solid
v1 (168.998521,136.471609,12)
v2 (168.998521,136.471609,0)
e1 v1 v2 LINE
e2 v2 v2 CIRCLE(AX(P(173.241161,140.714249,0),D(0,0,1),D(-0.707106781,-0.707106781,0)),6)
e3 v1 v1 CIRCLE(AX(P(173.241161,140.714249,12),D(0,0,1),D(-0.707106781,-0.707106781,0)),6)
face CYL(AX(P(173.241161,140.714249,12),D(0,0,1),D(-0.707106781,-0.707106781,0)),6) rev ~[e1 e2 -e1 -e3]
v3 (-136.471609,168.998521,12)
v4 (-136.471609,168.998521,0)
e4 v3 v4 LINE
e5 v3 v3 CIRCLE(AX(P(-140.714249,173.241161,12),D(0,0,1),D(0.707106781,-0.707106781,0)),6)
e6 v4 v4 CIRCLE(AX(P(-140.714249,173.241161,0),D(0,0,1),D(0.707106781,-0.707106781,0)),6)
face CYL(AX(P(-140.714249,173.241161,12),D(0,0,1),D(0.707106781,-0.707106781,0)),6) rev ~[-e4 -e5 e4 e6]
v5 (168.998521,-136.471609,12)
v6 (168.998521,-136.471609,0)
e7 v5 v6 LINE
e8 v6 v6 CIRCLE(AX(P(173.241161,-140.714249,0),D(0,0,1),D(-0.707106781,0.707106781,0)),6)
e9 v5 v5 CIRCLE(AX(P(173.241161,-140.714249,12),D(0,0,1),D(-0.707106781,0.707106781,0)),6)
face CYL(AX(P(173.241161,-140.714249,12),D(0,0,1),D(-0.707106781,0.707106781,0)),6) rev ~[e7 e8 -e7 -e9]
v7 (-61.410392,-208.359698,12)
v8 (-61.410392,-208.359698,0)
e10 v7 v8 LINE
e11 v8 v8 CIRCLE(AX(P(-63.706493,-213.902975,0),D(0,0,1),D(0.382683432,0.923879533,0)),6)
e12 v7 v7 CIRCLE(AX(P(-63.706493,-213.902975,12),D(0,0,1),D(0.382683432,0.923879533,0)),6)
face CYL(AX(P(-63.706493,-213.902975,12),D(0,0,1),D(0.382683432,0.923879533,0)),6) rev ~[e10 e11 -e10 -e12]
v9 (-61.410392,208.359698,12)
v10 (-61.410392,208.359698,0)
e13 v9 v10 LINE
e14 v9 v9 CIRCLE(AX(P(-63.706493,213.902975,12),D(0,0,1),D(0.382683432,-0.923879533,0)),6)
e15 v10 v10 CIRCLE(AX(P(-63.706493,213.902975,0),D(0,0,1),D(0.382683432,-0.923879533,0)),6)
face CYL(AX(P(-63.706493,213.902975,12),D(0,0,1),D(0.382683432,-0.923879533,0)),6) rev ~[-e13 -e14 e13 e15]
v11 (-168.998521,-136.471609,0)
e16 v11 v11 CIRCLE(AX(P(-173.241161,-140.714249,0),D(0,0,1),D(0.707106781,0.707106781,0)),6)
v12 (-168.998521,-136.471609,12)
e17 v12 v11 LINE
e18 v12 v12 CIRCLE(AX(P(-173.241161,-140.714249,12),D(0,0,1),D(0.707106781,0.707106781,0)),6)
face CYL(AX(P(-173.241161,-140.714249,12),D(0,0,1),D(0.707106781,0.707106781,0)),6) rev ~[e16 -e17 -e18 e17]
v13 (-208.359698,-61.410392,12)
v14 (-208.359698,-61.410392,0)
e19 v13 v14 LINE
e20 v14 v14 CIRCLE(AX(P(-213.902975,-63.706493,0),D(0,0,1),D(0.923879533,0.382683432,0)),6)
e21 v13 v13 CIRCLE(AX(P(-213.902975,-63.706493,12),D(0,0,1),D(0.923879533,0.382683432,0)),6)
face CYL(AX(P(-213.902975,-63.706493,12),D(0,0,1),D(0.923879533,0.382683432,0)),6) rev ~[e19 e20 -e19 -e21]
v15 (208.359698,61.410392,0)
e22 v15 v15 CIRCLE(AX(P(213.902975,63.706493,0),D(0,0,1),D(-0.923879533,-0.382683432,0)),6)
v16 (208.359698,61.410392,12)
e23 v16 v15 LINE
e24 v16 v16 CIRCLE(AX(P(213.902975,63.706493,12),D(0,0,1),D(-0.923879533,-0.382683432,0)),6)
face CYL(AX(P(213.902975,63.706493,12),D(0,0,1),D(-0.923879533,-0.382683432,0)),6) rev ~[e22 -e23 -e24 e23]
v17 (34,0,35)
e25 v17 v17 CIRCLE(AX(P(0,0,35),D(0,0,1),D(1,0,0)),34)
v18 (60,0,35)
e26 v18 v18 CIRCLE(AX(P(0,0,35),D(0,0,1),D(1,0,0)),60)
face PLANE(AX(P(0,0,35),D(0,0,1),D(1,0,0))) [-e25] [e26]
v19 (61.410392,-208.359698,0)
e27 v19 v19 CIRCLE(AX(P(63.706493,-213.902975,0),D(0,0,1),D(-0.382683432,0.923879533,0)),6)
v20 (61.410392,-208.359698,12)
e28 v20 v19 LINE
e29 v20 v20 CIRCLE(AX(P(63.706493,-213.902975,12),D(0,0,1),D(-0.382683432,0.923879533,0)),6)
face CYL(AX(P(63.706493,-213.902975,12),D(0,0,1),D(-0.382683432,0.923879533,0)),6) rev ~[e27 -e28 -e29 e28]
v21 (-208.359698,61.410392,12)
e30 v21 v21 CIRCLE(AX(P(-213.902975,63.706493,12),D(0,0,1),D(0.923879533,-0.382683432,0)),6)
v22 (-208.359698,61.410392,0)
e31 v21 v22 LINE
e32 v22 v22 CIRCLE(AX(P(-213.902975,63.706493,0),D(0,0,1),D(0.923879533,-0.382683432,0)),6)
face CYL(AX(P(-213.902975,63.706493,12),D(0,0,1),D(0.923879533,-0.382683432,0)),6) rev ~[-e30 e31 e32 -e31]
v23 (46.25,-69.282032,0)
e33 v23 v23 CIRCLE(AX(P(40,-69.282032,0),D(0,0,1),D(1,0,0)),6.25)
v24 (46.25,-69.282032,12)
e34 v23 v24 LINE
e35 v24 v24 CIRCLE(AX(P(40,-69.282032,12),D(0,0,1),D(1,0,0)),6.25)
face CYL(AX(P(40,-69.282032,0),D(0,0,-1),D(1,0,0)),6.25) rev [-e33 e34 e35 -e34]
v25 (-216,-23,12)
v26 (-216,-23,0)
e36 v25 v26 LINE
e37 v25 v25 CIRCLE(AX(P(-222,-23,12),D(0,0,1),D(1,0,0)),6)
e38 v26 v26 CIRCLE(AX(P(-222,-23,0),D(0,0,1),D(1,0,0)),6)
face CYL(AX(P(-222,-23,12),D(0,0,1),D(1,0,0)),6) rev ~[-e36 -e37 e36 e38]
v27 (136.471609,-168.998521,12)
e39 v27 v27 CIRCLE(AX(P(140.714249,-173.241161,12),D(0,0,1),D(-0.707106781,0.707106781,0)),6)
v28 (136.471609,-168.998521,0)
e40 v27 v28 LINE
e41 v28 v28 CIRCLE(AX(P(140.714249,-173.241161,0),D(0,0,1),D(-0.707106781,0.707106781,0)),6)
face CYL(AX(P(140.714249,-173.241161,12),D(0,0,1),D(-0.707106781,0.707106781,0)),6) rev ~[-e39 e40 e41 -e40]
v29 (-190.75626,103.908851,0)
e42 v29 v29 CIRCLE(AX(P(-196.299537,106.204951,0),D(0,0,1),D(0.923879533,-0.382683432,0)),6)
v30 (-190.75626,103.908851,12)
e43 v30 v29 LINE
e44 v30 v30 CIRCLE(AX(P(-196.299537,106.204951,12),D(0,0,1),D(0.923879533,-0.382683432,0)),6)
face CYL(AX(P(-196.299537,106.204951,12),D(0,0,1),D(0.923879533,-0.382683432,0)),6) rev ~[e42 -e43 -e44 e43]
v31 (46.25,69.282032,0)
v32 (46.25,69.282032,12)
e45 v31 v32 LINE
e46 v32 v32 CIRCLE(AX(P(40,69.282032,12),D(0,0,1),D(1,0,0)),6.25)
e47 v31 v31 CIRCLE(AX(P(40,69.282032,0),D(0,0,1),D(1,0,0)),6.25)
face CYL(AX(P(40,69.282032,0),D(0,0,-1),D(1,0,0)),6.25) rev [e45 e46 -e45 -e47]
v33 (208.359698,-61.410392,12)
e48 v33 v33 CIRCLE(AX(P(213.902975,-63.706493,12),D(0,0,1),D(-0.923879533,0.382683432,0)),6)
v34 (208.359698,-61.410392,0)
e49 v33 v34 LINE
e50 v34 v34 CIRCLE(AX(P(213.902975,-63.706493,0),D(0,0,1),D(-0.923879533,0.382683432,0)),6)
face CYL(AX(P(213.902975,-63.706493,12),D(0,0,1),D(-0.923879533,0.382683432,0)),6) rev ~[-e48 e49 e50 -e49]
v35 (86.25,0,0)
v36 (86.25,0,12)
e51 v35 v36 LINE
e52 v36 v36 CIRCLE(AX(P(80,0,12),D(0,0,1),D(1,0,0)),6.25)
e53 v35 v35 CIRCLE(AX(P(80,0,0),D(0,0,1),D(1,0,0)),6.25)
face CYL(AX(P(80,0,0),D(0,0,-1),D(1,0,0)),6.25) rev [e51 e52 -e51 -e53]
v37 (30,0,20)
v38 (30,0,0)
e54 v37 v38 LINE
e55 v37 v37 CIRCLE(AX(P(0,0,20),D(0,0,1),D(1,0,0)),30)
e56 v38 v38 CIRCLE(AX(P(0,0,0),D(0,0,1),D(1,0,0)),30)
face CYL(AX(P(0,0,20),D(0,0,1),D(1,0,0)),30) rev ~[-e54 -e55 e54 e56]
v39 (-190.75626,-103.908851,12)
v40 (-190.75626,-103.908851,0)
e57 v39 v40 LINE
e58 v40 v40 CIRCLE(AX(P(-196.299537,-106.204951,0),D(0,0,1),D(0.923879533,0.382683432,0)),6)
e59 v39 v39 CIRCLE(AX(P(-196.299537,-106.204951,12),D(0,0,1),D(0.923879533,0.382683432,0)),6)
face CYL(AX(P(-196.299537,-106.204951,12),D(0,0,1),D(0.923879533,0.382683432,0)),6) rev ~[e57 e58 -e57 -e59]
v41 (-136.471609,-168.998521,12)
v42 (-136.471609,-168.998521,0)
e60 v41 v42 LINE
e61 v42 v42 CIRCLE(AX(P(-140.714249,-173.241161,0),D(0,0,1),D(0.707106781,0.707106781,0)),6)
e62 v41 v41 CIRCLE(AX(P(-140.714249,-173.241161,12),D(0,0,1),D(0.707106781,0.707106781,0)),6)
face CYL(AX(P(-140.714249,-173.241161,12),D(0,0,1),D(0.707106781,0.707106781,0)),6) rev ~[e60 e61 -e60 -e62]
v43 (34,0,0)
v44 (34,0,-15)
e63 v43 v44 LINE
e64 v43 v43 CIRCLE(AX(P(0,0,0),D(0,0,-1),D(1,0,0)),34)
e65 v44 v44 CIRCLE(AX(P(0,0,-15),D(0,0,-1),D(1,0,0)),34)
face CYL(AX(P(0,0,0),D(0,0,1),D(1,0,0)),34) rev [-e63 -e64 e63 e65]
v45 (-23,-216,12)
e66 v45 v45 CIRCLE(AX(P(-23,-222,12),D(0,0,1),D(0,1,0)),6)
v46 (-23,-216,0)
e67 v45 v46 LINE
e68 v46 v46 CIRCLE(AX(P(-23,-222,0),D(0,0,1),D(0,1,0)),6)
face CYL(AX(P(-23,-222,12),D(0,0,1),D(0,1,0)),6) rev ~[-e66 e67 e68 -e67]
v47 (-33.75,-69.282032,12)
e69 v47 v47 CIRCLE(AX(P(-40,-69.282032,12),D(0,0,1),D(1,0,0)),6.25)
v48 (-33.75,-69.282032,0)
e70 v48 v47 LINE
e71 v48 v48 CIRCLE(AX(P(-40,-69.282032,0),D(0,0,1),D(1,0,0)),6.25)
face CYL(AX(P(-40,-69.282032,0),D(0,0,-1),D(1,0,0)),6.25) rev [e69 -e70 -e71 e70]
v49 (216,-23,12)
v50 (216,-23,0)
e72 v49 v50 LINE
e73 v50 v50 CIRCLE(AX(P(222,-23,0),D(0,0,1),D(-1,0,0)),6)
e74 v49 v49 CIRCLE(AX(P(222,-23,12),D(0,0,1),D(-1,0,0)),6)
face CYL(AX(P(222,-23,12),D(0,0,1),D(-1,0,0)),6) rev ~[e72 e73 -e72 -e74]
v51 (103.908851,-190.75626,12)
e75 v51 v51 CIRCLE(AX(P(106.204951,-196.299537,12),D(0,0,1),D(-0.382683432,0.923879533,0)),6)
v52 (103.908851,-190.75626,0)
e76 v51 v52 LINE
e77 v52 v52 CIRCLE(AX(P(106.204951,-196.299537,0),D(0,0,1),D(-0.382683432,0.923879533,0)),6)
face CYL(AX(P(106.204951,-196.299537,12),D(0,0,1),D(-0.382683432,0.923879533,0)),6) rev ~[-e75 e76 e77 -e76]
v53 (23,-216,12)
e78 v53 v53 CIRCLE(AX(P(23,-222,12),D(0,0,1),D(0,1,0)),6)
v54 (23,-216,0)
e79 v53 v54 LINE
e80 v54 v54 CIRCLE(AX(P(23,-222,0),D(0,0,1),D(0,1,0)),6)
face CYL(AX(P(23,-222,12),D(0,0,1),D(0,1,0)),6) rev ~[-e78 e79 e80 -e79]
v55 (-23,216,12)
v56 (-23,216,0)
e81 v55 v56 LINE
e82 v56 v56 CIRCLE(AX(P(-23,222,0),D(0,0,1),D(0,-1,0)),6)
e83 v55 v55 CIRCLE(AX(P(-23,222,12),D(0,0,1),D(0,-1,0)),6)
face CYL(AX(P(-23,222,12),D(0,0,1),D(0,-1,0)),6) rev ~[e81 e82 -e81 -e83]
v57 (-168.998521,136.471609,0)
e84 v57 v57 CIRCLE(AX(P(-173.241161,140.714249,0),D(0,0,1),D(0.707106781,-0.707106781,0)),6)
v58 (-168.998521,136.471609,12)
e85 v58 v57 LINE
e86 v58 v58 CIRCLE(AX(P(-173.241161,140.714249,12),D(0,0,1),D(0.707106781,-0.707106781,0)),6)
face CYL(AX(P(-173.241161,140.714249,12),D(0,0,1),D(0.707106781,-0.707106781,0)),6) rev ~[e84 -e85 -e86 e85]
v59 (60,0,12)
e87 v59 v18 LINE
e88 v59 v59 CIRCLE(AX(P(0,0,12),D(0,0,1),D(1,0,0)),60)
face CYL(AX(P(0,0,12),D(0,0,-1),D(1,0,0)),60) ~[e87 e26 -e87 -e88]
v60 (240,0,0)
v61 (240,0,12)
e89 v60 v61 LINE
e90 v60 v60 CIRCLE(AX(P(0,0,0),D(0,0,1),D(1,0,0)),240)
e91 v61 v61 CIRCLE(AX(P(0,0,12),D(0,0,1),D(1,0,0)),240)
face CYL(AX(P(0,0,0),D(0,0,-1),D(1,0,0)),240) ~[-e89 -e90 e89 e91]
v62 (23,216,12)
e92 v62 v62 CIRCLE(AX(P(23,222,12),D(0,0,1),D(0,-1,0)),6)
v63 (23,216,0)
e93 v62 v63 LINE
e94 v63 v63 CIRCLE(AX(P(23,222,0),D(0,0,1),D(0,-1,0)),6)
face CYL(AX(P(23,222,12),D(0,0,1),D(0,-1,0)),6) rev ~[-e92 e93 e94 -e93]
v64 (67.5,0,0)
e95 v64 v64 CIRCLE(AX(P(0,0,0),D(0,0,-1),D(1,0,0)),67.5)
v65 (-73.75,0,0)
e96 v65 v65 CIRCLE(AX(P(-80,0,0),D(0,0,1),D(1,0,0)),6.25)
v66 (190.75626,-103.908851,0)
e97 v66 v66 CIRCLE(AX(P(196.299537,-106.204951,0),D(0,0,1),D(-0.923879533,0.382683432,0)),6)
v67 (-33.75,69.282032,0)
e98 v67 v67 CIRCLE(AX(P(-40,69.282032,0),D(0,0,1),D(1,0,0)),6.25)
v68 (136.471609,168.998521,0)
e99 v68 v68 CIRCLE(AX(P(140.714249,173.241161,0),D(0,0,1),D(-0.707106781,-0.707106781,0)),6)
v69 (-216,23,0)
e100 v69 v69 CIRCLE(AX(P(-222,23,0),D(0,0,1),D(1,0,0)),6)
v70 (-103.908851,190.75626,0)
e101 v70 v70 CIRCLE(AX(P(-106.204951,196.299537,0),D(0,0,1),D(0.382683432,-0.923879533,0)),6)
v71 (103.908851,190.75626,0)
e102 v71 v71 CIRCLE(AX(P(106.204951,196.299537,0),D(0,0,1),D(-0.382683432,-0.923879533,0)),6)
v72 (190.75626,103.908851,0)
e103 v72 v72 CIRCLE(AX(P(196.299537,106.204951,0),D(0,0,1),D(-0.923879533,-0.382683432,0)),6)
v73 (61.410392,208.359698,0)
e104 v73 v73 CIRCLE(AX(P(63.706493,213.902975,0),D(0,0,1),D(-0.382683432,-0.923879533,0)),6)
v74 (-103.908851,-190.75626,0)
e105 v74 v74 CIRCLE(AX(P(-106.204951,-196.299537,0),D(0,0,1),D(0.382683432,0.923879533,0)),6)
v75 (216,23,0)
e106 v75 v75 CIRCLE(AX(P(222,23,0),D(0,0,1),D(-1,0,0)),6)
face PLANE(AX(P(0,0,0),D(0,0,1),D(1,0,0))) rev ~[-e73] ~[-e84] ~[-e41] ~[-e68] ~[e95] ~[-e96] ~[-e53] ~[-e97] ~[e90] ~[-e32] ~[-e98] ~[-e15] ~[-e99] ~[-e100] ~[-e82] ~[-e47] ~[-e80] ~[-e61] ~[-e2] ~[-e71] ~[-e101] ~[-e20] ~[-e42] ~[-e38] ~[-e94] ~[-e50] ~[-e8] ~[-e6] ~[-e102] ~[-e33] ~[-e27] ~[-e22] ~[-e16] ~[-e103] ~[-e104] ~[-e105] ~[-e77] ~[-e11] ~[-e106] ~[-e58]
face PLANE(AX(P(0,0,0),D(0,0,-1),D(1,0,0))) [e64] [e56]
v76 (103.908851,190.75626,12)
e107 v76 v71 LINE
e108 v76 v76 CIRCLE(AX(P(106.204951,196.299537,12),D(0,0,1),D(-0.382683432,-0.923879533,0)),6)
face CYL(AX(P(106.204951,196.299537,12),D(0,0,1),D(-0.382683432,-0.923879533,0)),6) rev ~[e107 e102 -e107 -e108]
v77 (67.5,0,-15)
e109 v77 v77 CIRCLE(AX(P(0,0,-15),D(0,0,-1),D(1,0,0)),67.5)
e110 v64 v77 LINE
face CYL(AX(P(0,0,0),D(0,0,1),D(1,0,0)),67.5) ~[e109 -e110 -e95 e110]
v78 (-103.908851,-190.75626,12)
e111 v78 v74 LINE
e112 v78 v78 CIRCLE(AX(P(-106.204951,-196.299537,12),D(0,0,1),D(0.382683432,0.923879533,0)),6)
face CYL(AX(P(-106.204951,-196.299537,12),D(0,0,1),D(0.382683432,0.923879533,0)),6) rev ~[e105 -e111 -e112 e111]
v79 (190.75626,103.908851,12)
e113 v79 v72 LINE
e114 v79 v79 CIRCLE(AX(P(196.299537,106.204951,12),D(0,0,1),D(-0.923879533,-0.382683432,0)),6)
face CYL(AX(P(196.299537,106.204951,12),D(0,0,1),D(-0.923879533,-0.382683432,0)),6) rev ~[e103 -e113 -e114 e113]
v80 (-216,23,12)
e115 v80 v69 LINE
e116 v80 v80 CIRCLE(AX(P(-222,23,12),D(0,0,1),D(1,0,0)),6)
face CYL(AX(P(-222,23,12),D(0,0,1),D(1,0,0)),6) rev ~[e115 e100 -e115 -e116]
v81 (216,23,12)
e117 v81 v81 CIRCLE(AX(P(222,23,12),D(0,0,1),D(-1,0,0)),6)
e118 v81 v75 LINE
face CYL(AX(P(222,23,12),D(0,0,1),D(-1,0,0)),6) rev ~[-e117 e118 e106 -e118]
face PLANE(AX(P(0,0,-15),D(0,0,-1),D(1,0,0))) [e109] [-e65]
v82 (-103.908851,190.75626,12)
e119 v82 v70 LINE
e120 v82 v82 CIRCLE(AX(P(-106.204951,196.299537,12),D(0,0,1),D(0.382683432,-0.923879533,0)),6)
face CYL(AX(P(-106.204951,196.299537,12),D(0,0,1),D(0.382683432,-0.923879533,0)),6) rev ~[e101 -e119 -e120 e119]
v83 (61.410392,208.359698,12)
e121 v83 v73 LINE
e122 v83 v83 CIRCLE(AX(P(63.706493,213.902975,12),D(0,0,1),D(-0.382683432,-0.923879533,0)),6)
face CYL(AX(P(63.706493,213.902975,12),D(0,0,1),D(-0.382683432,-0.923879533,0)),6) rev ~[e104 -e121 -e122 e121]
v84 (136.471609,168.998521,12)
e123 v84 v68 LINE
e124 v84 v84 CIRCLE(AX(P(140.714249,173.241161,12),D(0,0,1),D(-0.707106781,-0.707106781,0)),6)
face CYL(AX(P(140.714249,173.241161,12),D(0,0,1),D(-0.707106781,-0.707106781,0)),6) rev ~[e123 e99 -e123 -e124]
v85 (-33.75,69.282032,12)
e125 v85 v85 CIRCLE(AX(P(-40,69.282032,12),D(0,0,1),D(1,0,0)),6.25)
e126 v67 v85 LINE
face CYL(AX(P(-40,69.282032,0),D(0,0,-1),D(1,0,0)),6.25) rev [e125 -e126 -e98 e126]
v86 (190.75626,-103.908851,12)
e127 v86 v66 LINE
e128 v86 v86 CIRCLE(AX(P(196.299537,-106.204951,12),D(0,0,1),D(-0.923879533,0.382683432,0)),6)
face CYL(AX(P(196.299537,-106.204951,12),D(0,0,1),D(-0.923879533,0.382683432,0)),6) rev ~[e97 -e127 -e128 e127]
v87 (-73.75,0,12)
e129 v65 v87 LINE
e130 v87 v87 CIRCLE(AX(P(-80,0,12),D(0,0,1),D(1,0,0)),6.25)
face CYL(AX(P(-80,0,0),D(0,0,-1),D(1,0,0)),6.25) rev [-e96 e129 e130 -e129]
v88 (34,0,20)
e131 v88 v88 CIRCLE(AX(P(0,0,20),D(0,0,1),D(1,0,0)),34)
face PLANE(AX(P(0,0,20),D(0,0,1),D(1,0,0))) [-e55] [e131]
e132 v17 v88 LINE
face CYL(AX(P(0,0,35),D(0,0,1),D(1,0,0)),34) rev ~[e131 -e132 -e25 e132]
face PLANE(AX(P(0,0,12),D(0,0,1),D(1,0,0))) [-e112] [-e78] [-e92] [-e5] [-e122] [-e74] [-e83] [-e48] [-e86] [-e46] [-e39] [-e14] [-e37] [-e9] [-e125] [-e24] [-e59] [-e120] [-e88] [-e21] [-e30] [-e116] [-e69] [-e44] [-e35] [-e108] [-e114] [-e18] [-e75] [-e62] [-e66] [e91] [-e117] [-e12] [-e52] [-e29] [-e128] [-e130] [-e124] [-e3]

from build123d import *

# Parameters (mm, degrees)
SCHIZZO1_R                   = 240
SCHIZZO1_R_2                 = 6.25
ESTRUSIONE_ESTRUSIONE1_DEPTH = 12
SCHIZZO2_R                   = 60
ESTRUSIONE_ESTRUSIONE2_DEPTH = 23
SCHIZZO3_R                   = 67.5
ESTRUSIONE_ESTRUSIONE3_DEPTH = 15
SCHIZZO4_R                   = 34
TAGLIO_ESTRUSIONE1_DEPTH     = 15
SCHIZZO5_R                   = 30
TAGLIO_ESTRUSIONE2_DEPTH     = 20
TAGLIO_ESTRUSIONE3_START     = -15
SCHIZZO6_R                   = 34
TAGLIO_ESTRUSIONE3_DEPTH     = 15
SCHIZZO7_R                   = 6
TAGLIO_ESTRUSIONE4_DEPTH     = 12
RIPETIZIONECIRCOLARE1_COUNT  = 16


with BuildPart() as part:
    # Schizzo1 → Estrusione-Estrusione1 (new body)
    with BuildSketch(Plane.XY):
        Circle(SCHIZZO1_R)
        with Locations((-40, -69.282032303)):
            Circle(SCHIZZO1_R_2, mode=Mode.SUBTRACT)
        with Locations((40, -69.282032303)):
            Circle(SCHIZZO1_R_2, mode=Mode.SUBTRACT)
        with Locations((80, 0)):
            Circle(SCHIZZO1_R_2, mode=Mode.SUBTRACT)
        with Locations((40, 69.282032303)):
            Circle(SCHIZZO1_R_2, mode=Mode.SUBTRACT)
        with Locations((-40, 69.282032303)):
            Circle(SCHIZZO1_R_2, mode=Mode.SUBTRACT)
        with Locations((-80, 0)):
            Circle(SCHIZZO1_R_2, mode=Mode.SUBTRACT)
    extrude(amount=ESTRUSIONE_ESTRUSIONE1_DEPTH)

    # Schizzo2 → Estrusione-Estrusione2 (add)
    with BuildSketch(Plane.XY.offset(12)):
        Circle(SCHIZZO2_R)
    extrude(amount=ESTRUSIONE_ESTRUSIONE2_DEPTH)

    # Schizzo3 → Estrusione-Estrusione3 (add)
    with BuildSketch(Plane(origin=(0, 0, 0), x_dir=(-1, 0, 0), z_dir=(0, 0, -1))):
        with Locations(Location((0, 0, 0), (0, 0, 180))):
            Circle(SCHIZZO3_R)
    extrude(amount=ESTRUSIONE_ESTRUSIONE3_DEPTH)

    # Schizzo4 → Taglio-Estrusione1 (cut)
    with BuildSketch(Plane.XY.offset(35)):
        Circle(SCHIZZO4_R)
    extrude(amount=-TAGLIO_ESTRUSIONE1_DEPTH, mode=Mode.SUBTRACT)

    # Schizzo5 → Taglio-Estrusione2 (cut)
    with BuildSketch(Plane.XY.offset(20)):
        Circle(SCHIZZO5_R)
    extrude(amount=-TAGLIO_ESTRUSIONE2_DEPTH, mode=Mode.SUBTRACT)

    # Schizzo6 → Taglio-Estrusione3 (cut)
    with BuildSketch(Plane(origin=(0, 0, -15), x_dir=(-1, 0, 0), z_dir=(0, 0, -1)).offset(TAGLIO_ESTRUSIONE3_START)):
        with Locations(Location((0, 0, 0), (0, 0, 180))):
            Circle(SCHIZZO6_R)
    extrude(amount=TAGLIO_ESTRUSIONE3_DEPTH, mode=Mode.SUBTRACT)

    # Schizzo7 → Taglio-Estrusione4 (cut)
    with BuildSketch(Plane.XY.offset(12)):
        with Locations((-222, 23)):
            Circle(SCHIZZO7_R)
        with Locations((-222, -23)):
            Circle(SCHIZZO7_R)
    taglio_estrusione4 = extrude(amount=-TAGLIO_ESTRUSIONE4_DEPTH, mode=Mode.SUBTRACT)

    # RipetizioneCircolare1: Taglio-Estrusione4 ×16 about axis
    ripetizionecircolare1_axis = Axis((0, 0, 0), (0, 0, 1))
    for i in range(1, RIPETIZIONECIRCOLARE1_COUNT):
        add(taglio_estrusione4.rotate(ripetizionecircolare1_axis, i * 360 / RIPETIZIONECIRCOLARE1_COUNT), mode=Mode.SUBTRACT)


solid = part.part
